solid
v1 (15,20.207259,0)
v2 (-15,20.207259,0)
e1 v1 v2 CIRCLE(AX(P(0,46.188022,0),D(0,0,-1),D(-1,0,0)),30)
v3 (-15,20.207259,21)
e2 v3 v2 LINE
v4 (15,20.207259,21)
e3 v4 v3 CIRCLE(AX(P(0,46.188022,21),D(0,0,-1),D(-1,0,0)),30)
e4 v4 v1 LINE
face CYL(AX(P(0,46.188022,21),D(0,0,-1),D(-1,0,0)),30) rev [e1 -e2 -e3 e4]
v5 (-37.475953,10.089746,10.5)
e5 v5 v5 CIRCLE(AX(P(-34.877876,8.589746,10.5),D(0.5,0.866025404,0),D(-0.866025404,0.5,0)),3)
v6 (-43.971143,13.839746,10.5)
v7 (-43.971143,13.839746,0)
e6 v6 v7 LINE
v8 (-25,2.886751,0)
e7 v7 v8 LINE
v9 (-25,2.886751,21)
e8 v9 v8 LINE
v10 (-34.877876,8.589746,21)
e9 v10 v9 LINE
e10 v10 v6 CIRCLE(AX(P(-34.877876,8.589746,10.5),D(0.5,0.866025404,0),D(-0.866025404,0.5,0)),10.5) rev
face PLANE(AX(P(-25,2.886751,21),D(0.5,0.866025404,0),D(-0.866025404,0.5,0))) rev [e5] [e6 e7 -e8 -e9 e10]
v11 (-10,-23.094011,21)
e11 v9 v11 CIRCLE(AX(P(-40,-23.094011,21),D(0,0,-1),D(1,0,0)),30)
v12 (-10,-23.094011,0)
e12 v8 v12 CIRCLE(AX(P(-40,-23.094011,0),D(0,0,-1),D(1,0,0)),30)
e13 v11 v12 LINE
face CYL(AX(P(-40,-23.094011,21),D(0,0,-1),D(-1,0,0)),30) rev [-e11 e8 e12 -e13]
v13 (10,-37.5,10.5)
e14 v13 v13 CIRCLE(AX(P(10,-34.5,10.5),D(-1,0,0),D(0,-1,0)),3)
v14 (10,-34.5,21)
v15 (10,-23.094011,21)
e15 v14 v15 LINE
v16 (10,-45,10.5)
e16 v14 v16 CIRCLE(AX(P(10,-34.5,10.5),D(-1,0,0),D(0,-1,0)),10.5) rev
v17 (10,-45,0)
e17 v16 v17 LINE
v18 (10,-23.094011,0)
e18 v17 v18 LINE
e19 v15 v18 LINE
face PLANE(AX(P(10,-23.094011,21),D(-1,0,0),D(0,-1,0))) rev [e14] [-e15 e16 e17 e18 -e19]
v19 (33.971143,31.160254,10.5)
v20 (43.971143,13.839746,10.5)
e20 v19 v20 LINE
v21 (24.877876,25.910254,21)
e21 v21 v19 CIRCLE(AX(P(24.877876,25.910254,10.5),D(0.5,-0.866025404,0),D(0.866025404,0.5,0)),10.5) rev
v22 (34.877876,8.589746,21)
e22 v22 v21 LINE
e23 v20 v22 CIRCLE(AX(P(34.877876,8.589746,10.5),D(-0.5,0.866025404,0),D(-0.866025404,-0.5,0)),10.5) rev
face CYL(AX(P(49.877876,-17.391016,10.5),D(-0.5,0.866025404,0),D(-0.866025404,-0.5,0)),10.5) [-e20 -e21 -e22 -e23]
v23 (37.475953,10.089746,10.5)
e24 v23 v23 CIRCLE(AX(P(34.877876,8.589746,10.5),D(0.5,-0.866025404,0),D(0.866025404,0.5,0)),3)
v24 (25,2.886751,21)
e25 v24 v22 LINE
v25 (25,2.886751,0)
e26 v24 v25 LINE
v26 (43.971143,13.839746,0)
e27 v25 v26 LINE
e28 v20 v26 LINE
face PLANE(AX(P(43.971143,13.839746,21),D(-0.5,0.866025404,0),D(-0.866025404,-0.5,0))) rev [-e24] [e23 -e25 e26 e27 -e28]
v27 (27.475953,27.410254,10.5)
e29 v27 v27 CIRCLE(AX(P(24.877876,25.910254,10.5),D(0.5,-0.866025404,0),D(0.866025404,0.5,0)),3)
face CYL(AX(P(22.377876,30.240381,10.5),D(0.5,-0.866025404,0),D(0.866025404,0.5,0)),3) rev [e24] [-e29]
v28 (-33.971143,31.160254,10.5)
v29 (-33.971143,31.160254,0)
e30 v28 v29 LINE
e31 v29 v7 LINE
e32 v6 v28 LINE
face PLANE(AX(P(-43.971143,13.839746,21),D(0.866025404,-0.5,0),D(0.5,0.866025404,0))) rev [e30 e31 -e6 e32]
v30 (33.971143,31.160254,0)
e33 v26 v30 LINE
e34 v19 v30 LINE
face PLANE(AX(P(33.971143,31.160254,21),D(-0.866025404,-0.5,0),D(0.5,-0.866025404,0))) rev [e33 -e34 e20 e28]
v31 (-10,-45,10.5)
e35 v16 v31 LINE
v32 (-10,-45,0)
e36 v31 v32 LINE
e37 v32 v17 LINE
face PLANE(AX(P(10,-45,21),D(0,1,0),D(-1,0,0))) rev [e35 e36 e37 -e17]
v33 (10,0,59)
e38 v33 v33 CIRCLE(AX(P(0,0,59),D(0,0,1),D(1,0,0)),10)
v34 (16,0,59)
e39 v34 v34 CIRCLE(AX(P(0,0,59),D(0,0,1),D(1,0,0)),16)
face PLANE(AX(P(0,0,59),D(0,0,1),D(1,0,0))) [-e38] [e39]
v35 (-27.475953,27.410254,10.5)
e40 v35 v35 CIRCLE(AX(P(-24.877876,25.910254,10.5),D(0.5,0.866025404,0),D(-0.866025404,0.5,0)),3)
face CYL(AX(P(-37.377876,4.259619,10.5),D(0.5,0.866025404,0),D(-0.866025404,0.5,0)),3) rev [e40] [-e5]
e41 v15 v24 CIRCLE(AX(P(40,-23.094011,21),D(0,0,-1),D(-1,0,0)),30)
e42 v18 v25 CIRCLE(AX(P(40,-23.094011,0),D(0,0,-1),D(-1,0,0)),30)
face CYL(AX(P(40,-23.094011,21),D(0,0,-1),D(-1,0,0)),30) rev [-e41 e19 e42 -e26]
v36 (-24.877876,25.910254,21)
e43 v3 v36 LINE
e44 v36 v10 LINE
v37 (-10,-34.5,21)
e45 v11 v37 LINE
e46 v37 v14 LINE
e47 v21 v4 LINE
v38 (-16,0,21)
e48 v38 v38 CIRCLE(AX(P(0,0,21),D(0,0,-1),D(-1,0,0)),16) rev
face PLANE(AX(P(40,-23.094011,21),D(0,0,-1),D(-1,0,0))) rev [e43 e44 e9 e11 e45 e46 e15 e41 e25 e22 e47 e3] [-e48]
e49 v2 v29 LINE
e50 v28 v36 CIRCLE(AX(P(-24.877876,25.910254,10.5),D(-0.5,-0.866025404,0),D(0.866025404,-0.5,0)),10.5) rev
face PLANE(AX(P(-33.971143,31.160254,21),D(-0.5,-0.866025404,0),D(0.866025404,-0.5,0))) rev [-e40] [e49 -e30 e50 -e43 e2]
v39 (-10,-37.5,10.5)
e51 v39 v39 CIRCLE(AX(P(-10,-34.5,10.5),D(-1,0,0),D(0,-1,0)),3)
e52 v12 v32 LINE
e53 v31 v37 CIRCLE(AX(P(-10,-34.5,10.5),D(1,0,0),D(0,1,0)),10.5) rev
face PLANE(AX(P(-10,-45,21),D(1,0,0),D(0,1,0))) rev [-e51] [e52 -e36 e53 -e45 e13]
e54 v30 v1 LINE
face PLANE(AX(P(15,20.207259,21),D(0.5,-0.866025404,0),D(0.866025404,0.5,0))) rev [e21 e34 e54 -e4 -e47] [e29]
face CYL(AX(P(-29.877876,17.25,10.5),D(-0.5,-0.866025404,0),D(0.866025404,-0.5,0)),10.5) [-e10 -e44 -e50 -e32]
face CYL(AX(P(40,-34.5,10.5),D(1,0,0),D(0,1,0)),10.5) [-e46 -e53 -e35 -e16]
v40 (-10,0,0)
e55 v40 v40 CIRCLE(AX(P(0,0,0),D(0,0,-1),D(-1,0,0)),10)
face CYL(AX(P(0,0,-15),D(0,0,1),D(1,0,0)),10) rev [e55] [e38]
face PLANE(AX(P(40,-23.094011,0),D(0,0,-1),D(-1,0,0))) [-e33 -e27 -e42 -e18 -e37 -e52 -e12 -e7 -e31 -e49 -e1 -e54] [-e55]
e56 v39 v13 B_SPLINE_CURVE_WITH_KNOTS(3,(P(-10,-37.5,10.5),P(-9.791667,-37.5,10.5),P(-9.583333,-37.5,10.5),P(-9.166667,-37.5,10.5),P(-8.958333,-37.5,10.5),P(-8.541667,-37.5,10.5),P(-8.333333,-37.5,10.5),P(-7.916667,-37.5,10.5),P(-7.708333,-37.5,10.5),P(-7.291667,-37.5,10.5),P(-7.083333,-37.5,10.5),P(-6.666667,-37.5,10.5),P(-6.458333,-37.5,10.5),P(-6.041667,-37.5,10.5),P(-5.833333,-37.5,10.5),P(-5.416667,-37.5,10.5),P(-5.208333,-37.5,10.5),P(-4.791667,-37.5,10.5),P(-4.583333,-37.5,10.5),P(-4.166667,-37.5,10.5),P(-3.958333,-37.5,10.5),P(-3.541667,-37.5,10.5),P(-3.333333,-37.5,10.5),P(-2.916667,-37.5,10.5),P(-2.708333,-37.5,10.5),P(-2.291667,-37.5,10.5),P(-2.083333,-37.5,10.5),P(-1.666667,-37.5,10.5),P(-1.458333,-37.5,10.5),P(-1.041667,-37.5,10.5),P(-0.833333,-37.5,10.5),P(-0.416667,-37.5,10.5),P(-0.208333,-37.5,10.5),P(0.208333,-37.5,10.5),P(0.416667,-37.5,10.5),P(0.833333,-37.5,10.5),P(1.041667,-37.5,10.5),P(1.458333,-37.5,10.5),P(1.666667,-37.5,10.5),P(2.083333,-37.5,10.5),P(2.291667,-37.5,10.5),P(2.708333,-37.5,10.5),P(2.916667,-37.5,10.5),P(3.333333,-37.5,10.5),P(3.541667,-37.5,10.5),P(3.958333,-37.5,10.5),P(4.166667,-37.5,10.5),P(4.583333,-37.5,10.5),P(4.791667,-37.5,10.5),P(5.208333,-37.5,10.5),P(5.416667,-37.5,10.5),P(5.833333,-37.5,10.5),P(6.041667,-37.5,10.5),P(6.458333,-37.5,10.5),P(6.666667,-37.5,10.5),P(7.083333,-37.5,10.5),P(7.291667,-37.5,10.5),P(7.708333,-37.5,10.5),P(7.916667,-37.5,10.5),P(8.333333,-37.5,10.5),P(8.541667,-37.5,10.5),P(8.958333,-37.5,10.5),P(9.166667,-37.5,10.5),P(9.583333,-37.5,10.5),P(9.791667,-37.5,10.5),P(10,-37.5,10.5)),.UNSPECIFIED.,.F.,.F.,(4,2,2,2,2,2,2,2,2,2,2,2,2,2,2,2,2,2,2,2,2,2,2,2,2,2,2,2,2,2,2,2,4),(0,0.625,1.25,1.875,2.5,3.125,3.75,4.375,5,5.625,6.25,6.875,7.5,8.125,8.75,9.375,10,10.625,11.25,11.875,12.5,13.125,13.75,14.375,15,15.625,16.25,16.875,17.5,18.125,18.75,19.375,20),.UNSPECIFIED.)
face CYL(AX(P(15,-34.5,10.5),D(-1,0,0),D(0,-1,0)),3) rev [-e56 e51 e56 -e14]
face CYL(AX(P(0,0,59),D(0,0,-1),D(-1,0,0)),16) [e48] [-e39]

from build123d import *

# Parameters (mm, degrees)
SALIENTE_EXTRUIR1_DEPTH = 21
REDONDEO1_R             = 10.5
CROQUIS2_R              = 16
SALIENTE_EXTRUIR2_DEPTH = 38
CROQUIS3_R              = 10
CORTAR_EXTRUIR1_DEPTH   = 74
CROQUIS4_R              = 3
CORTAR_EXTRUIR2_DEPTH   = 25
MATRIZC1_COUNT          = 3


with BuildPart() as part:
    # Croquis1 → Saliente-Extruir1 (new body)
    with BuildSketch(Plane.XY):
        with BuildLine():
            Line((15, 20.207259422), (33.97114317, 31.160254038))
            Line((33.97114317, 31.160254038), (43.97114317, 13.839745962))
            Line((43.97114317, 13.839745962), (25, 2.886751346))
            ThreePointArc((25, 2.886751346), (14.019237886, -8.094010768), (10, -23.094010768))
            Line((10, -23.094010768), (10, -45))
            Line((10, -45), (-10, -45))
            Line((-10, -45), (-10, -23.094010768))
            ThreePointArc((-10, -23.094010768), (-14.019237886, -8.094010768), (-25, 2.886751346))
            Line((-25, 2.886751346), (-43.97114317, 13.839745962))
            Line((-43.97114317, 13.839745962), (-33.97114317, 31.160254038))
            Line((-33.97114317, 31.160254038), (-15, 20.207259422))
            ThreePointArc((-15, 20.207259422), (0, 16.188021535), (15, 20.207259422))
        make_face()
    extrude(amount=SALIENTE_EXTRUIR1_DEPTH)

    # Redondeo1
    redondeo1_edges = [part.edges().sort_by_distance(p)[0] for p in [
        (38.97114317, 22.5, 21),
        (-38.97114317, 22.5, 21),
        (0, -45, 21),
    ]]
    fillet(redondeo1_edges, radius=REDONDEO1_R)

    # Croquis2 → Saliente-Extruir2 (add)
    with BuildSketch(Plane.XY.offset(21)):
        with Locations(Location((0, 0, 0), (0, 0, 180))):
            Circle(CROQUIS2_R)
    extrude(amount=SALIENTE_EXTRUIR2_DEPTH)

    # Croquis3 → Cortar-Extruir1 (cut)
    with BuildSketch(Plane.XY.offset(59)):
        Circle(CROQUIS3_R)
    extrude(amount=-CORTAR_EXTRUIR1_DEPTH, mode=Mode.SUBTRACT)

    # Croquis4 → Cortar-Extruir2 (cut)
    with BuildSketch(Plane(origin=(5, 8.660254038, 0), x_dir=(0.866025403784439, -0.4999999999999993, 0), z_dir=(0.4999999999999993, 0.866025403784439, 0))):
        with Locations(Location((-34.5, -10.5, 0), (0, 0, 180))):
            Circle(CROQUIS4_R)
    cortar_extruir2 = extrude(amount=-CORTAR_EXTRUIR2_DEPTH, mode=Mode.SUBTRACT)

    # MatrizC1: Cortar-Extruir2 ×3 about axis
    matrizc1_axis = Axis((0, 0, 59), (0, 0, -1))
    for i in range(1, MATRIZC1_COUNT):
        add(cortar_extruir2.rotate(matrizc1_axis, i * 360 / MATRIZC1_COUNT), mode=Mode.SUBTRACT)


solid = part.part
